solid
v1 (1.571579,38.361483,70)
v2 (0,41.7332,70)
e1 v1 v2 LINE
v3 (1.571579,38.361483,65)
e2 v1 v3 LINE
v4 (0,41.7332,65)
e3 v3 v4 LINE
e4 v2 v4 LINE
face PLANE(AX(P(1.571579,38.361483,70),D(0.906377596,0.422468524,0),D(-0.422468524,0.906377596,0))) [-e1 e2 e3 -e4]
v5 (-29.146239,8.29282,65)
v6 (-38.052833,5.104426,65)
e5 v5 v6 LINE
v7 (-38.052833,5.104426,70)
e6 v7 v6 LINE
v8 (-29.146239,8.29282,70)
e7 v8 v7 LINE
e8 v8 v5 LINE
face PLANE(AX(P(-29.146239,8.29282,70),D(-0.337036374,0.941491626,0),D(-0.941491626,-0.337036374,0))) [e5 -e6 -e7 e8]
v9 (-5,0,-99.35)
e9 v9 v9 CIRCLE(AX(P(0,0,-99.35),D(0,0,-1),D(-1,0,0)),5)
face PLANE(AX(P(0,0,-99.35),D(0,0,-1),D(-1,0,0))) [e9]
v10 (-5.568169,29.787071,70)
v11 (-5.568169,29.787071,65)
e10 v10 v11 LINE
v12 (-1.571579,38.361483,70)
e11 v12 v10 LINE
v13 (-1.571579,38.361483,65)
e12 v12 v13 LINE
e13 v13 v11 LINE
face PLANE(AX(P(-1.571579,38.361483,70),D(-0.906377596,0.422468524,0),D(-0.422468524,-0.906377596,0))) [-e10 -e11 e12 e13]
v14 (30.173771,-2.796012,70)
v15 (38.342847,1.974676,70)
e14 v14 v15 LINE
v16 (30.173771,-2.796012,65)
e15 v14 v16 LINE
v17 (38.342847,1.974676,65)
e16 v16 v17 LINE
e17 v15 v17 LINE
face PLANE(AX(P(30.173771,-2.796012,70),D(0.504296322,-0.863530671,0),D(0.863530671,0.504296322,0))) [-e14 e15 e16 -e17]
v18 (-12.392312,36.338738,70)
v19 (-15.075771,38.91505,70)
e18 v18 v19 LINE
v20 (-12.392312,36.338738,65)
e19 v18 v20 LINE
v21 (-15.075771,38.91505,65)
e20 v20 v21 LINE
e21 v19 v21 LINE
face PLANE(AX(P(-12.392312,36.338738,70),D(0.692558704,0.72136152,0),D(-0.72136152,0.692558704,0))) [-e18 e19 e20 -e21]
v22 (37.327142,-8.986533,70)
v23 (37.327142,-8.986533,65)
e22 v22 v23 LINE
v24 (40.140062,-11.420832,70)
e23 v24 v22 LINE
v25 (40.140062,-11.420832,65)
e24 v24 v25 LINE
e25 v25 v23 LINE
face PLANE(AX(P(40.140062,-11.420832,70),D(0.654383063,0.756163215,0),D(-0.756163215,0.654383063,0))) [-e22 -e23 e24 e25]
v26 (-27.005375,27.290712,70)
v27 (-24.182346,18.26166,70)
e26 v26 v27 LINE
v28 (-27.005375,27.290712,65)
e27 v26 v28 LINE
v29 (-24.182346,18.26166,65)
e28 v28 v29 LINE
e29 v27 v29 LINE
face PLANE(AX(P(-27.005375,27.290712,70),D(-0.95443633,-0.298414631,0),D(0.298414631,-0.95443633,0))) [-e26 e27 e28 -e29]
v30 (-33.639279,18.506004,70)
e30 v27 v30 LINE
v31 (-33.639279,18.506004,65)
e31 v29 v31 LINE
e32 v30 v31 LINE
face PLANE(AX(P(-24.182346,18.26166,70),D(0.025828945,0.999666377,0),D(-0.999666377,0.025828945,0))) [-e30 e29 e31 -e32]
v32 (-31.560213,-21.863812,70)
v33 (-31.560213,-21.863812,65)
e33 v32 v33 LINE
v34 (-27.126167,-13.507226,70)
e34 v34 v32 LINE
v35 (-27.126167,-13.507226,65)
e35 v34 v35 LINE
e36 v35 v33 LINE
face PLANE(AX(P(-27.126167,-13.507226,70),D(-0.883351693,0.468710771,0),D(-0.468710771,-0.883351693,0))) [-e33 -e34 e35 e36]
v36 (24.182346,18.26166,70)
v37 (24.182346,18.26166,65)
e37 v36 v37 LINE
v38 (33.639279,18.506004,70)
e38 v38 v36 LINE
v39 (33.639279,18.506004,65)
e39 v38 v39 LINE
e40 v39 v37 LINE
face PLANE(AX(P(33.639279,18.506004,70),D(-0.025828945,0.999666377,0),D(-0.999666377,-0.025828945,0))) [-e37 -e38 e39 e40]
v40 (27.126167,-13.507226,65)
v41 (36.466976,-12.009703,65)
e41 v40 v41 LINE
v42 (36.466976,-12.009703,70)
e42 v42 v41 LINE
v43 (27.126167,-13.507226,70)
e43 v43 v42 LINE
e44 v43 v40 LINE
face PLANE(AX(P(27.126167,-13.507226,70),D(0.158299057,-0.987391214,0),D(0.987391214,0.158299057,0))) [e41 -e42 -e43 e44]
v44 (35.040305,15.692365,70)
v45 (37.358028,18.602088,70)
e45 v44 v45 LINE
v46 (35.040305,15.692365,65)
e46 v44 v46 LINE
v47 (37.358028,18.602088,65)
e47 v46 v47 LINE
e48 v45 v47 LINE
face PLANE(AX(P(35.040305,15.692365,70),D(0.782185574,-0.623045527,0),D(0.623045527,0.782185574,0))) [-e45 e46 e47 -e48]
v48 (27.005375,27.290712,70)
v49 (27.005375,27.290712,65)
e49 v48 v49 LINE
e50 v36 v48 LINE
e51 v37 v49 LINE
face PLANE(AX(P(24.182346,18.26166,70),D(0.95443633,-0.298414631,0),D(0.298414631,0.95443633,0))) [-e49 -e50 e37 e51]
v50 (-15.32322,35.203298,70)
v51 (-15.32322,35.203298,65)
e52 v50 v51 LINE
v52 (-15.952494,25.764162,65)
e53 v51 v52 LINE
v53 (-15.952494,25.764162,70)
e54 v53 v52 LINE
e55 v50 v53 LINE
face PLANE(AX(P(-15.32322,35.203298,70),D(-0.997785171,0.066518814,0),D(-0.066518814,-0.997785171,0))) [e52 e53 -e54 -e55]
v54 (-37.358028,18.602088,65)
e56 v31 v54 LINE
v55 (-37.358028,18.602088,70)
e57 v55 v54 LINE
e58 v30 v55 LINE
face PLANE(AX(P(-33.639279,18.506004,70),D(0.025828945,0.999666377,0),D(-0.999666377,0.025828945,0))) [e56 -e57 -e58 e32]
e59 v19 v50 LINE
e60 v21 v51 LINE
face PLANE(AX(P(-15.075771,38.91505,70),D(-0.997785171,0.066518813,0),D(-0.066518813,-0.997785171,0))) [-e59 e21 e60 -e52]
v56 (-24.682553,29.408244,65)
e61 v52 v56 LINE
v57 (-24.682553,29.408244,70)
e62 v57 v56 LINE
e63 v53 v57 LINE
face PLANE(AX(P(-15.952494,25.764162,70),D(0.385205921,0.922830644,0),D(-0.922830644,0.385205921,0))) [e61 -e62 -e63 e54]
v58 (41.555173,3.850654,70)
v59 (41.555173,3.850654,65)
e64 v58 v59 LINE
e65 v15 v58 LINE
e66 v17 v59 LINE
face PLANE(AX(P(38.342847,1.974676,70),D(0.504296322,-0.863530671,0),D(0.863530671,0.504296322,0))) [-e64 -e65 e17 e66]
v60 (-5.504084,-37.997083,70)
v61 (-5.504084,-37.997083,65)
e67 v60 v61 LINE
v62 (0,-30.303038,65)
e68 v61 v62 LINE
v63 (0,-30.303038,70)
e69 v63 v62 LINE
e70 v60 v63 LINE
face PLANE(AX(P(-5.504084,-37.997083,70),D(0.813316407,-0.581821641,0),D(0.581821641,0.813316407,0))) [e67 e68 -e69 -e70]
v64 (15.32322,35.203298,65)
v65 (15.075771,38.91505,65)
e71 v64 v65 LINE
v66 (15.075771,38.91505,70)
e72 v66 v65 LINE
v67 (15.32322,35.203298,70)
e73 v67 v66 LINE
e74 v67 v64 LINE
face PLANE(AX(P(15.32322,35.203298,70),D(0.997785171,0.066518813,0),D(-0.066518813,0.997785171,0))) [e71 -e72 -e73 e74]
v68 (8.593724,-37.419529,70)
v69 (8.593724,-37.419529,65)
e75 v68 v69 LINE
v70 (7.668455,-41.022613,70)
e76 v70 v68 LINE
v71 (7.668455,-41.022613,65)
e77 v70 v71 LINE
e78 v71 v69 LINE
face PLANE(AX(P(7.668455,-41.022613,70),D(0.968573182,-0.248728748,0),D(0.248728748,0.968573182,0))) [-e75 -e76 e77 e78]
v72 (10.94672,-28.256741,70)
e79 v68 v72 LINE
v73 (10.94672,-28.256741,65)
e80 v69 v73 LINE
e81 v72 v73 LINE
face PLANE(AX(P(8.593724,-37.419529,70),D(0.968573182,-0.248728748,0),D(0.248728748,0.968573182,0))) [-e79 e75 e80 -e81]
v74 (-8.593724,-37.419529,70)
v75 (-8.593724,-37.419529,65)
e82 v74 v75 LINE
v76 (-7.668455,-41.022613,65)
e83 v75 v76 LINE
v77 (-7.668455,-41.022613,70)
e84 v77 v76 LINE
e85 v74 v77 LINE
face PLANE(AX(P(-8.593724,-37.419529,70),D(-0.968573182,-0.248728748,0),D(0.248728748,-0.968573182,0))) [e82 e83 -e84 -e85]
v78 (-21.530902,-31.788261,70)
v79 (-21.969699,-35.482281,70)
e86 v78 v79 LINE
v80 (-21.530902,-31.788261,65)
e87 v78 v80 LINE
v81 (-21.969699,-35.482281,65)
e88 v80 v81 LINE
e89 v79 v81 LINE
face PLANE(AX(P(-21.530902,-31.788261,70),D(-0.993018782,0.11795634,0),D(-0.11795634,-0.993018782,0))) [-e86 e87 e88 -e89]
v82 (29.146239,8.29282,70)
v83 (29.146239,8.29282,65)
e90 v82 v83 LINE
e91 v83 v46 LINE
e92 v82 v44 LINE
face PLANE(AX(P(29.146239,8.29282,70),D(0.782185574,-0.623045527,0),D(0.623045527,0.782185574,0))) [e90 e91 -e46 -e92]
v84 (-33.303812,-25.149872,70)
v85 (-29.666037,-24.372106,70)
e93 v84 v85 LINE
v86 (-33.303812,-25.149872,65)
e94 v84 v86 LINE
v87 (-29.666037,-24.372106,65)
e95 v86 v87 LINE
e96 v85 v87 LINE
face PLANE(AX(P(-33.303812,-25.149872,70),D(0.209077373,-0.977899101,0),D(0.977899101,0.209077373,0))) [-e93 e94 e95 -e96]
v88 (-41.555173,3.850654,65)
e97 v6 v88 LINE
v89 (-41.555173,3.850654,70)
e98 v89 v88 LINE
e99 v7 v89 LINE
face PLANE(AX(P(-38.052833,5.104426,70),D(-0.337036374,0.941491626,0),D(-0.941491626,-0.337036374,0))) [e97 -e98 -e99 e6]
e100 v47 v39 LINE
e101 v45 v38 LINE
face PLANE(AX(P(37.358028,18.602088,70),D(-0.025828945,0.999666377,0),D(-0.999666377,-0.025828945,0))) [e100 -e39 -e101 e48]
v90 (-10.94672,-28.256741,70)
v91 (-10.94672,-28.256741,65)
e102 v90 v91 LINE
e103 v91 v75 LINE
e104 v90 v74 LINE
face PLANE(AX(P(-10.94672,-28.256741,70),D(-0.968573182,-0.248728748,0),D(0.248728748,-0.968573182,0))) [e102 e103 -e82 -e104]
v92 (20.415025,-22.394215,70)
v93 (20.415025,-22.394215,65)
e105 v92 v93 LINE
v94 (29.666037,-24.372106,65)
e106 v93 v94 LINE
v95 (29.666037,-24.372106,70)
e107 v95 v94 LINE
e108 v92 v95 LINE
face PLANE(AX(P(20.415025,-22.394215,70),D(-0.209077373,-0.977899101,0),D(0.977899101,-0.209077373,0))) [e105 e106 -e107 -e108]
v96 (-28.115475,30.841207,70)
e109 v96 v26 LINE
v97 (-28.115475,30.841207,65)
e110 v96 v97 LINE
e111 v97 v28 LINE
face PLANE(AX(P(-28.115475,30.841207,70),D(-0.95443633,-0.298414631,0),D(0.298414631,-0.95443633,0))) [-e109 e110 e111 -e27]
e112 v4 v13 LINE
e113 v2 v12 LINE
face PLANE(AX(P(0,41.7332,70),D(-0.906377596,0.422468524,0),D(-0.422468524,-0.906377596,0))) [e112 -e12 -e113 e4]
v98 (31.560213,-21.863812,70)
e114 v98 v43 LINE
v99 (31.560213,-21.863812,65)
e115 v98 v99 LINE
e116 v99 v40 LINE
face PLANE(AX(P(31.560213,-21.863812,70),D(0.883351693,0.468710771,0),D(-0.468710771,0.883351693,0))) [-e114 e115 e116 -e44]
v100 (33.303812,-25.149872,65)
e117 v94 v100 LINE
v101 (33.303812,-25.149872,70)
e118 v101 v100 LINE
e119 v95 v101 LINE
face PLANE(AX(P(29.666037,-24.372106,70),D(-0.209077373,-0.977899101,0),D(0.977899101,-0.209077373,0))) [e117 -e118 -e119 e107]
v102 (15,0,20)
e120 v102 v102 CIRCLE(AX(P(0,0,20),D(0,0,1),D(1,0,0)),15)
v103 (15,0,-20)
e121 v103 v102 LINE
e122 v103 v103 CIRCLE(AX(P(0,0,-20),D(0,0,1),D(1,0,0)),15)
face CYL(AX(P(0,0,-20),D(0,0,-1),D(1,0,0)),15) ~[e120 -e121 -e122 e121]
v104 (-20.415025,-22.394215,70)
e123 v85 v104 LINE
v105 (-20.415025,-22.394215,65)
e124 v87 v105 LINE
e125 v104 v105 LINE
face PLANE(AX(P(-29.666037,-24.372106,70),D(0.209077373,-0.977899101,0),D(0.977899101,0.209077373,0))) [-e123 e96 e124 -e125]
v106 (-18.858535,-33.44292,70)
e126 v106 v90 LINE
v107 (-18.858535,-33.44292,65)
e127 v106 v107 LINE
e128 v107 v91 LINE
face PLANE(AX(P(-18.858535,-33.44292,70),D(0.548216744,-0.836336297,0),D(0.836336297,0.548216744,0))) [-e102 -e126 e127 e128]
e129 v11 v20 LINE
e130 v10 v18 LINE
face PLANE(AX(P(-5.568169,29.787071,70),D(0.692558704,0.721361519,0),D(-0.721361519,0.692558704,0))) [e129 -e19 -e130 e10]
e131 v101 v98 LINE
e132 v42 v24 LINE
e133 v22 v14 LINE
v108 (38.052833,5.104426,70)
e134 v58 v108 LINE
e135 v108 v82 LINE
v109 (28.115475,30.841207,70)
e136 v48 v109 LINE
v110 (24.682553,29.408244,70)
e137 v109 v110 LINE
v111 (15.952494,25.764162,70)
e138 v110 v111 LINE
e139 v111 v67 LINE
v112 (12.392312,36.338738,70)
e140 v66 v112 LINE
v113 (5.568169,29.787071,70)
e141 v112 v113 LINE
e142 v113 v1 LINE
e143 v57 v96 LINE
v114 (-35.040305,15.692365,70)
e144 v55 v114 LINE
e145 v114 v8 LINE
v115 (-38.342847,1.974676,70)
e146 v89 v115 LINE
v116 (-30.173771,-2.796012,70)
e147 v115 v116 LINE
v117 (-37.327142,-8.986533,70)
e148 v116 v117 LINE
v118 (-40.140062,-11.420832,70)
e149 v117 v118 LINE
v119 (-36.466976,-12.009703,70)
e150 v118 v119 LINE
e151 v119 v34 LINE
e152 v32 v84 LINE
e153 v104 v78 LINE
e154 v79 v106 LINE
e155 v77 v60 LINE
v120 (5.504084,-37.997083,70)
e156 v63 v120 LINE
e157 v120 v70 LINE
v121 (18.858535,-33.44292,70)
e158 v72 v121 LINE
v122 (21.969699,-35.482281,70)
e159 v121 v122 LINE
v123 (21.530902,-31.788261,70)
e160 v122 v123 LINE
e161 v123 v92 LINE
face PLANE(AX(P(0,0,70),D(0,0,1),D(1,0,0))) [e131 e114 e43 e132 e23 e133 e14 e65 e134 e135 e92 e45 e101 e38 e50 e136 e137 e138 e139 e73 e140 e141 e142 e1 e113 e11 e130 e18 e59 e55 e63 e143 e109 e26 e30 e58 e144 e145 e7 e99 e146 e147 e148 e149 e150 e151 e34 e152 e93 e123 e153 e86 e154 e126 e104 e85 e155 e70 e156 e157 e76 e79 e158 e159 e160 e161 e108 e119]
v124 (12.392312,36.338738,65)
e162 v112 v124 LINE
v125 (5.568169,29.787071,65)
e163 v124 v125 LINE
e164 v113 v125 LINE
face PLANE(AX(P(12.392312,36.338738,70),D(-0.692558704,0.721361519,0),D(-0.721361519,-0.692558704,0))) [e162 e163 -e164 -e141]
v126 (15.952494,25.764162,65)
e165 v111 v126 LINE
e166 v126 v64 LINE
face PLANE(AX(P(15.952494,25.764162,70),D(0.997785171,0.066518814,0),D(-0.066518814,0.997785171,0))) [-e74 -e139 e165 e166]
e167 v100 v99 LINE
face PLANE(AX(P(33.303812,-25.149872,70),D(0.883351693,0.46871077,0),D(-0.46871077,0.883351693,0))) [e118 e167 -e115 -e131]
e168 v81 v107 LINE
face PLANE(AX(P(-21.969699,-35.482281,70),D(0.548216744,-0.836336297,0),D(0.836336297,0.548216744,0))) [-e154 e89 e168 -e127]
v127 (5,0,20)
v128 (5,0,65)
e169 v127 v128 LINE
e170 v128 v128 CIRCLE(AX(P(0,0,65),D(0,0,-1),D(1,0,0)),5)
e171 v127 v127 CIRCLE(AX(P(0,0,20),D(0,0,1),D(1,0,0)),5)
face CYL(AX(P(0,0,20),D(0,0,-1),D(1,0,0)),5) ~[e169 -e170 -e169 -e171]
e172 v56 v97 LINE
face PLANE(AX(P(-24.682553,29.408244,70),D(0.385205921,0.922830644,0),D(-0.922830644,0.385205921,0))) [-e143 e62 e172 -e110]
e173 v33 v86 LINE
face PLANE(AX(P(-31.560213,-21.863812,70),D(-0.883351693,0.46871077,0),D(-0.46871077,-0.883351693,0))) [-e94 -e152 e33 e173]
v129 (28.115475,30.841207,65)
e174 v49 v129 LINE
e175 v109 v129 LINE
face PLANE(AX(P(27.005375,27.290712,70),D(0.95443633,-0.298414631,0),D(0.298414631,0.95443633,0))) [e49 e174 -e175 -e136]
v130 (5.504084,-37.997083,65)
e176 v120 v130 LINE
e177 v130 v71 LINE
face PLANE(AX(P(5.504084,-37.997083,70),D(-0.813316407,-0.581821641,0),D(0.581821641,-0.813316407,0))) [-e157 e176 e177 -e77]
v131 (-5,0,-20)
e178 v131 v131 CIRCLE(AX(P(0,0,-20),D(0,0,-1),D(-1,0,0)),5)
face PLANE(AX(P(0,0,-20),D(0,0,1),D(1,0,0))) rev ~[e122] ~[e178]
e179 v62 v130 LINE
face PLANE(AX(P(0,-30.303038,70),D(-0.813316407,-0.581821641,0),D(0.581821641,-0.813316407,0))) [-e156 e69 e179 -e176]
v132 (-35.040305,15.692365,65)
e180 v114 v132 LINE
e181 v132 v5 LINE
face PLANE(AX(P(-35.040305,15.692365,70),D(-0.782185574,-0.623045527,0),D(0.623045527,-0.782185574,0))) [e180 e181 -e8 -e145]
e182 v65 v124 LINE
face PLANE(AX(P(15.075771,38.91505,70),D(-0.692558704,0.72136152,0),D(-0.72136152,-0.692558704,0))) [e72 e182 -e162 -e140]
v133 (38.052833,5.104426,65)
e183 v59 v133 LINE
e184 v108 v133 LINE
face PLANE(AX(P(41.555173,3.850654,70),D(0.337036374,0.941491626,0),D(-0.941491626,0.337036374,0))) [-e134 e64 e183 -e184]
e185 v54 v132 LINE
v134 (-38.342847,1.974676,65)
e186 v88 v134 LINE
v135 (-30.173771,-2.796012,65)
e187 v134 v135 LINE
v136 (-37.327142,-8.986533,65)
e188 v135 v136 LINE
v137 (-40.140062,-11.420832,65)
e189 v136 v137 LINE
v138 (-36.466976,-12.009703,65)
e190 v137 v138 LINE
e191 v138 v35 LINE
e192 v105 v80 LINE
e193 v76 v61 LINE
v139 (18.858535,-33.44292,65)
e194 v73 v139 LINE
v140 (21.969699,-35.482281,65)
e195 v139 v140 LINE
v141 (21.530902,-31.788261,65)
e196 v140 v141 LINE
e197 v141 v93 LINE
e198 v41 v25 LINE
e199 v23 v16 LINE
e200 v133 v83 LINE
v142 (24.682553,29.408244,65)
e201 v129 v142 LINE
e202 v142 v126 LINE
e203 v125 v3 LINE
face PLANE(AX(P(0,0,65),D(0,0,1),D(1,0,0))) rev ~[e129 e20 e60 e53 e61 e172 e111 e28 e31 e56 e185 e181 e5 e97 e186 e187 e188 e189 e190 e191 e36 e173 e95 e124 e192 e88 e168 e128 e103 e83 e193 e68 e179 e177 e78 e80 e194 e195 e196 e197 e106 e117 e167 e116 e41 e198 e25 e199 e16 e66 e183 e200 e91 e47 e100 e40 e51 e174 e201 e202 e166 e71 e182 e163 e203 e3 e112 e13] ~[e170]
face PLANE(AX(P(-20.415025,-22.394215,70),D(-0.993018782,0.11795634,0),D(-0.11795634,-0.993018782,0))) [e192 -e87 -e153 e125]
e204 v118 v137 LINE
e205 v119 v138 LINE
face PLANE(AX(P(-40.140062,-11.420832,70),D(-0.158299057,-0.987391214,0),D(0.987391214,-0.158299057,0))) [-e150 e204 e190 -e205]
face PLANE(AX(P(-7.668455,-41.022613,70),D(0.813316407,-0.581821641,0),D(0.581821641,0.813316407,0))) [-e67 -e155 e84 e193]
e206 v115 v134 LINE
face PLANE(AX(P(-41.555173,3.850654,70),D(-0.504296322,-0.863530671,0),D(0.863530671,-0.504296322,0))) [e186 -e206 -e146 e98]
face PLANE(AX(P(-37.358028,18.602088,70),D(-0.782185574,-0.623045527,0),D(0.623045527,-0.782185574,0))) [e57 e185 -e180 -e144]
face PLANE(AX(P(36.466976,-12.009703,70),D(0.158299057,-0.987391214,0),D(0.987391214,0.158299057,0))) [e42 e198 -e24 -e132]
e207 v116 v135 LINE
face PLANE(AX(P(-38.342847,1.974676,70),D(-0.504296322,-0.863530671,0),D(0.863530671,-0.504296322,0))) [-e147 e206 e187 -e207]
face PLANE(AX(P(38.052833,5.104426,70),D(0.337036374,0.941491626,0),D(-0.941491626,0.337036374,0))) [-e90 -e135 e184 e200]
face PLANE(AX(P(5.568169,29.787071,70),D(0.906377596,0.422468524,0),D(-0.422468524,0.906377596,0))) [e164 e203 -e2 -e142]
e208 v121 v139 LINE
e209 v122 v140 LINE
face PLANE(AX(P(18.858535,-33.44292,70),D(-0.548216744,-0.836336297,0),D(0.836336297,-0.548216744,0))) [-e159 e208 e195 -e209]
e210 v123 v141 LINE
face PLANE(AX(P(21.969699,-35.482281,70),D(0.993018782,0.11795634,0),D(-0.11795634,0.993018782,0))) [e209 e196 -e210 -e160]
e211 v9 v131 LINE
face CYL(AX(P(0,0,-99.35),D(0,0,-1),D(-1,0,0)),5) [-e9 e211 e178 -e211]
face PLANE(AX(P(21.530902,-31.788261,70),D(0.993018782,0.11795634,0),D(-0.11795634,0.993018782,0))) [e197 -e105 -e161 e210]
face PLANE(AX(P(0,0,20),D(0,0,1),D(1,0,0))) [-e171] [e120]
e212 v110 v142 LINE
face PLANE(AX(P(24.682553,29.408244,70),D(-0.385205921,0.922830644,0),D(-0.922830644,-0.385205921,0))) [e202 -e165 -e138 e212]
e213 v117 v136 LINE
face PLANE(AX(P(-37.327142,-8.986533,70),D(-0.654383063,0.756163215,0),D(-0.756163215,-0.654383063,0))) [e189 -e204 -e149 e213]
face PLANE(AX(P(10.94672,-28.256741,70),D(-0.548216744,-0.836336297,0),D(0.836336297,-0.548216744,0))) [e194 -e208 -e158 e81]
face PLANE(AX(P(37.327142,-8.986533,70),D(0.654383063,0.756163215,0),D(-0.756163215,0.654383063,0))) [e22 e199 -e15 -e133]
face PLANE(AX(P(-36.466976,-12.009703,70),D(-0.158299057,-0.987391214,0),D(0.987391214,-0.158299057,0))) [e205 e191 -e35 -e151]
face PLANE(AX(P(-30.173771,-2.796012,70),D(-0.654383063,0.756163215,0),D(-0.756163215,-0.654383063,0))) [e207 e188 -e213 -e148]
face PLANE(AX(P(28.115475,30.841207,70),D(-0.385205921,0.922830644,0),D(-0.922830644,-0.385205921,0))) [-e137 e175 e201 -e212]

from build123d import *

# Parameters (mm, degrees)
BOSS_EXTRU_1_DEPTH      = 20
BOSS_EXTRU_1_DEPTH_BACK = 20
ESQUISSE1_R             = 15
ESQUISSE2_R             = 5
BOSS_EXTRU_2_DEPTH      = 50
BOSS_EXTRU_4_DEPTH      = 5
BOSS_EXTRU_5_START      = 79.35
ESQUISSE5_R             = 5
BOSS_EXTRU_5_DEPTH      = 79.35


with BuildPart() as part:
    # Esquisse1 → Boss.-Extru.1 (new, two sides: drawn at the far end of the back side and taken through both)
    with BuildSketch(Plane.XY.offset(-BOSS_EXTRU_1_DEPTH_BACK)):
        Circle(ESQUISSE1_R)
    extrude(amount=BOSS_EXTRU_1_DEPTH + BOSS_EXTRU_1_DEPTH_BACK)

    # Esquisse2 → Boss.-Extru.2 (add)
    with BuildSketch(Plane.XY.offset(20)):
        Circle(ESQUISSE2_R)
    extrude(amount=BOSS_EXTRU_2_DEPTH)

    # Esquisse3 → Boss.-Extru.4 (add)
    with BuildSketch(Plane.XY.offset(70)):
        Polygon((-1.571578965, 38.361483473), (-5.568168614, 29.787071155), (-12.392312465, 36.338737822), (-15.075770583, 38.915049734), (-15.323219948, 35.203298214), (-15.952493815, 25.76416214), (-24.682553429, 29.408244268), (-28.115474811, 30.841206699), (-27.005375168, 27.290712462), (-24.182346331, 18.261660264), (-33.639278782, 18.506004369), (-37.358028372, 18.602087802), (-35.04030483, 15.69236477), (-29.146238976, 8.292819978), (-38.052833133, 5.104426035), (-41.555173194, 3.85065387), (-38.342847159, 1.974676262), (-30.173770542, -2.796011598), (-37.327141512, -8.98653332), (-40.140061611, -11.420832204), (-36.466975515, -12.009703218), (-27.126167198, -13.507226314), (-31.560212593, -21.863811553), (-33.303812283, -25.149871604), (-29.666036756, -24.37210573), (-20.415024663, -22.39421527), (-21.530902082, -31.788260884), (-21.969698564, -35.482281483), (-18.858535349, -33.442920312), (-10.946719923, -28.256741363), (-8.593723938, -37.419529438), (-7.668455316, -41.022612634), (-5.504084244, -37.997083192), (0, -30.303037958), (5.504084244, -37.997083192), (7.668455316, -41.022612634), (8.593723938, -37.419529438), (10.946719923, -28.256741363), (18.858535349, -33.442920312), (21.969698564, -35.482281483), (21.530902082, -31.788260884), (20.415024663, -22.39421527), (29.666036756, -24.37210573), (33.303812283, -25.149871604), (31.560212593, -21.863811553), (27.126167198, -13.507226314), (36.466975515, -12.009703218), (40.140061611, -11.420832204), (37.327141512, -8.98653332), (30.173770542, -2.796011598), (38.342847159, 1.974676262), (41.555173194, 3.85065387), (38.052833133, 5.104426035), (29.146238976, 8.292819978), (35.04030483, 15.69236477), (37.358028372, 18.602087802), (33.639278782, 18.506004369), (24.182346331, 18.261660264), (27.005375168, 27.290712462), (28.115474811, 30.841206699), (24.682553429, 29.408244268), (15.952493815, 25.76416214), (15.323219948, 35.203298214), (15.075770583, 38.915049734), (12.392312465, 36.338737822), (5.568168614, 29.787071155), (1.571578965, 38.361483473), (0, 41.733199668), align=None)
    extrude(amount=-BOSS_EXTRU_4_DEPTH)

    # Esquisse5 → Boss.-Extru.5 (add)
    with BuildSketch(Plane(origin=(0, 0, -20), x_dir=(-1, 0, 0), z_dir=(0, 0, -1)).offset(BOSS_EXTRU_5_START)):
        Circle(ESQUISSE5_R)
    extrude(amount=-BOSS_EXTRU_5_DEPTH)


solid = part.part
